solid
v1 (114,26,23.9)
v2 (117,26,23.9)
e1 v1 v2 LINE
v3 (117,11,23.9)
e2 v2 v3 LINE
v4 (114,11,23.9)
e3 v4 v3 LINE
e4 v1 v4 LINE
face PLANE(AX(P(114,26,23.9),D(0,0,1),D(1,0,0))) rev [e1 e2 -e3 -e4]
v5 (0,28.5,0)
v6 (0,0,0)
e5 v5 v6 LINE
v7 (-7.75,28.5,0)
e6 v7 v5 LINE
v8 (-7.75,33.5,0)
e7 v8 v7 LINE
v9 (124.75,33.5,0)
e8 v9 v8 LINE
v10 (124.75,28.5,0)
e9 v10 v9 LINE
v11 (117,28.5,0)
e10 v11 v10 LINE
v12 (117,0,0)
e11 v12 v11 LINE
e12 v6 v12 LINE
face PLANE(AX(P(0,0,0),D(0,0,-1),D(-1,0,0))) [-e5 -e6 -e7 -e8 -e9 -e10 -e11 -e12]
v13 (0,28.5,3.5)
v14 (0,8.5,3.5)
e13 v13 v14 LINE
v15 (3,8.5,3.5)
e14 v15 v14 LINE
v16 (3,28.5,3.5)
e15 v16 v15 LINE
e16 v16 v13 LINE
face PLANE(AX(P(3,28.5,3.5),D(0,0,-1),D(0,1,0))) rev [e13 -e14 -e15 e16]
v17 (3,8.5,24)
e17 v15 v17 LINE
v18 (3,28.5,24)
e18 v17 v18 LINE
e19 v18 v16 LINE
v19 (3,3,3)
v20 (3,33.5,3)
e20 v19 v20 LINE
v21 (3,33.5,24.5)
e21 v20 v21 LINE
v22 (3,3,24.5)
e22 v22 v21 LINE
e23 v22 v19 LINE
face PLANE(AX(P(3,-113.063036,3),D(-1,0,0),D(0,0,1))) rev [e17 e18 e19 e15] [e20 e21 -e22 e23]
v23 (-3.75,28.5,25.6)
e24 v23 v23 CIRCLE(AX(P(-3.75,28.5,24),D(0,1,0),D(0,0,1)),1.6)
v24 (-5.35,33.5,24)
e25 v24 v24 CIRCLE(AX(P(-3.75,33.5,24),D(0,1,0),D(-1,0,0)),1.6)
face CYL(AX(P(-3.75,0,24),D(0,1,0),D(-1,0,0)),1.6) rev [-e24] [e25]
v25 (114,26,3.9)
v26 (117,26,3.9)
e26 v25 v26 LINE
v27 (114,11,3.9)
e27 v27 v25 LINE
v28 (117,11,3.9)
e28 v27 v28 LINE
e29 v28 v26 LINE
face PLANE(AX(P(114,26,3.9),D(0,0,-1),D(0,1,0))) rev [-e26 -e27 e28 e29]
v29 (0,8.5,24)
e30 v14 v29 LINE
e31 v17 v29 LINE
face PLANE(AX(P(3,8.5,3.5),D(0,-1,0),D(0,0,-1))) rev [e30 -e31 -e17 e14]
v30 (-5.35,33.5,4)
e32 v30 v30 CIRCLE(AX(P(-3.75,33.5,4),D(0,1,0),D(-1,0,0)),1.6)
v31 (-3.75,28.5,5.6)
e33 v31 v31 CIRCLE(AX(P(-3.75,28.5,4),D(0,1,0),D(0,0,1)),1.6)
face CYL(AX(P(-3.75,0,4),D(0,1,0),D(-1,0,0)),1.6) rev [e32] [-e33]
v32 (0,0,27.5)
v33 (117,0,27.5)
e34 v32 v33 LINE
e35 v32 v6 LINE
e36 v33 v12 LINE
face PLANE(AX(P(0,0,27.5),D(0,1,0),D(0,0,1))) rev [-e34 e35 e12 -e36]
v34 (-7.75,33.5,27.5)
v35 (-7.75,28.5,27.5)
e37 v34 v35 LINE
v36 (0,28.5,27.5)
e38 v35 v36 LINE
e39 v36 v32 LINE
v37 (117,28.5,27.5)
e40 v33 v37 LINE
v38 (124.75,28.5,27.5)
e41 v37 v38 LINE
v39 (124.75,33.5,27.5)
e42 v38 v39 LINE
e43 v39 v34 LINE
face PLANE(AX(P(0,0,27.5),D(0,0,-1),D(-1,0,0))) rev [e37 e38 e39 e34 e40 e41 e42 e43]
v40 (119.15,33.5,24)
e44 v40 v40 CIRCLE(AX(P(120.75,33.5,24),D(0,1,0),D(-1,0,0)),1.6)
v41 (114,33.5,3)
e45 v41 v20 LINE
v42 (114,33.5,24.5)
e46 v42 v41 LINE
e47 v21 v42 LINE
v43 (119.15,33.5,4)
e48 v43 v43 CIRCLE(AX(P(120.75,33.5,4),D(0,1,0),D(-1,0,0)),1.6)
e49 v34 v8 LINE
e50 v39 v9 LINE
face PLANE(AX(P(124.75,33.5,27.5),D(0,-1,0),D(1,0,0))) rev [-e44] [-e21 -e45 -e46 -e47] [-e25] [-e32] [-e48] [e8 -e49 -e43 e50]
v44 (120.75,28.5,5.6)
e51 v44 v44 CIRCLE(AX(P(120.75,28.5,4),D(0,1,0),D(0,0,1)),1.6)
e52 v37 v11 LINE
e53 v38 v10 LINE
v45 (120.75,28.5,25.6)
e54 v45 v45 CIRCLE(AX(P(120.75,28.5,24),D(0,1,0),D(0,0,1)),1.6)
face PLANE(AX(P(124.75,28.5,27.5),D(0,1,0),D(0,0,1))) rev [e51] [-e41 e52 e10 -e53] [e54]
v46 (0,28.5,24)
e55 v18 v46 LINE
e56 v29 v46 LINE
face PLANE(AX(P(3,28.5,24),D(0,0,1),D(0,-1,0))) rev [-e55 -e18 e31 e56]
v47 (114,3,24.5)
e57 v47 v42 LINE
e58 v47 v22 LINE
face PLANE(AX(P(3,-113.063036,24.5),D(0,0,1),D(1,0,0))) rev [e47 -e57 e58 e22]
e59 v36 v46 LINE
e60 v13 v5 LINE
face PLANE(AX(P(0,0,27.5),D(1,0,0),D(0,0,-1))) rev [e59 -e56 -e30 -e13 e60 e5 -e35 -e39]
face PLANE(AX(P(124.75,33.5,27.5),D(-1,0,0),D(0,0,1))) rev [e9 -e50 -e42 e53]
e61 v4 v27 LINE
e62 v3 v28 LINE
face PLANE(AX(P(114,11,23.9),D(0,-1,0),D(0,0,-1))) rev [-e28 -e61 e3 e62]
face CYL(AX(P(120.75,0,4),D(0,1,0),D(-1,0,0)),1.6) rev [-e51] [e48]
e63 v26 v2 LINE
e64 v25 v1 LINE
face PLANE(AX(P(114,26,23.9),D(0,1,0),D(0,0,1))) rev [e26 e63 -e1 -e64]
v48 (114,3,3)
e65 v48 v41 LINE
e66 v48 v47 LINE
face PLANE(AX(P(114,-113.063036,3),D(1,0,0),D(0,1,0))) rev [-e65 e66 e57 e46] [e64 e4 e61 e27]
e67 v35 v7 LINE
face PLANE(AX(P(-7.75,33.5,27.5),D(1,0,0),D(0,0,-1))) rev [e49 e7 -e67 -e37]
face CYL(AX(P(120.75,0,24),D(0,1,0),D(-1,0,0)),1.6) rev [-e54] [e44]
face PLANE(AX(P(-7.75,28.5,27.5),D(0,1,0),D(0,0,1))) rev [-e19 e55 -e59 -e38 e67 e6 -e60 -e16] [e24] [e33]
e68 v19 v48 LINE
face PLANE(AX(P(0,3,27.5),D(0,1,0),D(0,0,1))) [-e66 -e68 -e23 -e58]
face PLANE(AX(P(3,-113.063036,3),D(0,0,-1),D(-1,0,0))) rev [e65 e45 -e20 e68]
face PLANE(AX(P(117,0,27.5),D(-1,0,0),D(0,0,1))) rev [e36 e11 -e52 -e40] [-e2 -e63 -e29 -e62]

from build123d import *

# Parameters (mm, degrees)
DODANIE_WYCI_GNI_CIE1_DEPTH = 27.5
SZKIC2_W                    = 111
SZKIC2_H                    = 21.5
WYTNIJ_WYCI_GNI_CIE1_DEPTH  = 30.5
SZKIC3_W                    = 20
SZKIC3_H                    = 15
WYTNIJ_WYCI_GNI_CIE2_DEPTH  = 3
SZKIC4_W                    = 20.5
SZKIC4_H                    = 20
WYTNIJ_WYCI_GNI_CIE3_DEPTH  = 3
SZKIC5_R                    = 1.6
WYTNIJ_WYCI_GNI_CIE4_DEPTH  = 133.064614867


with BuildPart() as part:
    # Szkic1 → Dodanie-wyciągnięcie1 (new body)
    with BuildSketch(Plane.XY):
        Polygon((0, 0), (117, 0), (117, 28.5), (124.75, 28.5), (124.75, 33.5), (-7.75, 33.5), (-7.75, 28.5), (0, 28.5), align=None)
    extrude(amount=DODANIE_WYCI_GNI_CIE1_DEPTH)

    # Szkic2 → Wytnij-wyciągnięcie1 (cut)
    with BuildSketch(Plane(origin=(0, 33.5, 0), x_dir=(1, 0, 0), z_dir=(0, 1, 0))):
        with Locations((58.5, -13.75)):
            Rectangle(SZKIC2_W, SZKIC2_H)
    extrude(amount=-WYTNIJ_WYCI_GNI_CIE1_DEPTH, mode=Mode.SUBTRACT)

    # Szkic3 → Wytnij-wyciągnięcie2 (cut)
    with BuildSketch(Plane(origin=(117, 0, 0), x_dir=(0, 0, -1), z_dir=(1, 0, 0))):
        with Locations((-13.9, 18.5)):
            Rectangle(SZKIC3_W, SZKIC3_H)
    extrude(amount=-WYTNIJ_WYCI_GNI_CIE2_DEPTH, mode=Mode.SUBTRACT)

    # Szkic4 → Wytnij-wyciągnięcie3 (cut)
    with BuildSketch(Plane.ZY):
        with Locations((13.75, 18.5)):
            Rectangle(SZKIC4_W, SZKIC4_H)
    extrude(amount=-WYTNIJ_WYCI_GNI_CIE3_DEPTH, mode=Mode.SUBTRACT)

    # Szkic5 → Wytnij-wyciągnięcie4 (cut, through all)
    with BuildSketch(Plane(origin=(0, 33.5, 0), x_dir=(1, 0, 0), z_dir=(0, 1, 0))):
        with Locations(Location((-3.75, -4, 0), (0, 0, 180))):
            Circle(SZKIC5_R)
        with Locations(Location((120.75, -4, 0), (0, 0, 180))):
            Circle(SZKIC5_R)
        with Locations(Location((120.75, -24, 0), (0, 0, 180))):
            Circle(SZKIC5_R)
        with Locations(Location((-3.75, -24, 0), (0, 0, 180))):
            Circle(SZKIC5_R)
    extrude(amount=-WYTNIJ_WYCI_GNI_CIE4_DEPTH, mode=Mode.SUBTRACT)


solid = part.part
